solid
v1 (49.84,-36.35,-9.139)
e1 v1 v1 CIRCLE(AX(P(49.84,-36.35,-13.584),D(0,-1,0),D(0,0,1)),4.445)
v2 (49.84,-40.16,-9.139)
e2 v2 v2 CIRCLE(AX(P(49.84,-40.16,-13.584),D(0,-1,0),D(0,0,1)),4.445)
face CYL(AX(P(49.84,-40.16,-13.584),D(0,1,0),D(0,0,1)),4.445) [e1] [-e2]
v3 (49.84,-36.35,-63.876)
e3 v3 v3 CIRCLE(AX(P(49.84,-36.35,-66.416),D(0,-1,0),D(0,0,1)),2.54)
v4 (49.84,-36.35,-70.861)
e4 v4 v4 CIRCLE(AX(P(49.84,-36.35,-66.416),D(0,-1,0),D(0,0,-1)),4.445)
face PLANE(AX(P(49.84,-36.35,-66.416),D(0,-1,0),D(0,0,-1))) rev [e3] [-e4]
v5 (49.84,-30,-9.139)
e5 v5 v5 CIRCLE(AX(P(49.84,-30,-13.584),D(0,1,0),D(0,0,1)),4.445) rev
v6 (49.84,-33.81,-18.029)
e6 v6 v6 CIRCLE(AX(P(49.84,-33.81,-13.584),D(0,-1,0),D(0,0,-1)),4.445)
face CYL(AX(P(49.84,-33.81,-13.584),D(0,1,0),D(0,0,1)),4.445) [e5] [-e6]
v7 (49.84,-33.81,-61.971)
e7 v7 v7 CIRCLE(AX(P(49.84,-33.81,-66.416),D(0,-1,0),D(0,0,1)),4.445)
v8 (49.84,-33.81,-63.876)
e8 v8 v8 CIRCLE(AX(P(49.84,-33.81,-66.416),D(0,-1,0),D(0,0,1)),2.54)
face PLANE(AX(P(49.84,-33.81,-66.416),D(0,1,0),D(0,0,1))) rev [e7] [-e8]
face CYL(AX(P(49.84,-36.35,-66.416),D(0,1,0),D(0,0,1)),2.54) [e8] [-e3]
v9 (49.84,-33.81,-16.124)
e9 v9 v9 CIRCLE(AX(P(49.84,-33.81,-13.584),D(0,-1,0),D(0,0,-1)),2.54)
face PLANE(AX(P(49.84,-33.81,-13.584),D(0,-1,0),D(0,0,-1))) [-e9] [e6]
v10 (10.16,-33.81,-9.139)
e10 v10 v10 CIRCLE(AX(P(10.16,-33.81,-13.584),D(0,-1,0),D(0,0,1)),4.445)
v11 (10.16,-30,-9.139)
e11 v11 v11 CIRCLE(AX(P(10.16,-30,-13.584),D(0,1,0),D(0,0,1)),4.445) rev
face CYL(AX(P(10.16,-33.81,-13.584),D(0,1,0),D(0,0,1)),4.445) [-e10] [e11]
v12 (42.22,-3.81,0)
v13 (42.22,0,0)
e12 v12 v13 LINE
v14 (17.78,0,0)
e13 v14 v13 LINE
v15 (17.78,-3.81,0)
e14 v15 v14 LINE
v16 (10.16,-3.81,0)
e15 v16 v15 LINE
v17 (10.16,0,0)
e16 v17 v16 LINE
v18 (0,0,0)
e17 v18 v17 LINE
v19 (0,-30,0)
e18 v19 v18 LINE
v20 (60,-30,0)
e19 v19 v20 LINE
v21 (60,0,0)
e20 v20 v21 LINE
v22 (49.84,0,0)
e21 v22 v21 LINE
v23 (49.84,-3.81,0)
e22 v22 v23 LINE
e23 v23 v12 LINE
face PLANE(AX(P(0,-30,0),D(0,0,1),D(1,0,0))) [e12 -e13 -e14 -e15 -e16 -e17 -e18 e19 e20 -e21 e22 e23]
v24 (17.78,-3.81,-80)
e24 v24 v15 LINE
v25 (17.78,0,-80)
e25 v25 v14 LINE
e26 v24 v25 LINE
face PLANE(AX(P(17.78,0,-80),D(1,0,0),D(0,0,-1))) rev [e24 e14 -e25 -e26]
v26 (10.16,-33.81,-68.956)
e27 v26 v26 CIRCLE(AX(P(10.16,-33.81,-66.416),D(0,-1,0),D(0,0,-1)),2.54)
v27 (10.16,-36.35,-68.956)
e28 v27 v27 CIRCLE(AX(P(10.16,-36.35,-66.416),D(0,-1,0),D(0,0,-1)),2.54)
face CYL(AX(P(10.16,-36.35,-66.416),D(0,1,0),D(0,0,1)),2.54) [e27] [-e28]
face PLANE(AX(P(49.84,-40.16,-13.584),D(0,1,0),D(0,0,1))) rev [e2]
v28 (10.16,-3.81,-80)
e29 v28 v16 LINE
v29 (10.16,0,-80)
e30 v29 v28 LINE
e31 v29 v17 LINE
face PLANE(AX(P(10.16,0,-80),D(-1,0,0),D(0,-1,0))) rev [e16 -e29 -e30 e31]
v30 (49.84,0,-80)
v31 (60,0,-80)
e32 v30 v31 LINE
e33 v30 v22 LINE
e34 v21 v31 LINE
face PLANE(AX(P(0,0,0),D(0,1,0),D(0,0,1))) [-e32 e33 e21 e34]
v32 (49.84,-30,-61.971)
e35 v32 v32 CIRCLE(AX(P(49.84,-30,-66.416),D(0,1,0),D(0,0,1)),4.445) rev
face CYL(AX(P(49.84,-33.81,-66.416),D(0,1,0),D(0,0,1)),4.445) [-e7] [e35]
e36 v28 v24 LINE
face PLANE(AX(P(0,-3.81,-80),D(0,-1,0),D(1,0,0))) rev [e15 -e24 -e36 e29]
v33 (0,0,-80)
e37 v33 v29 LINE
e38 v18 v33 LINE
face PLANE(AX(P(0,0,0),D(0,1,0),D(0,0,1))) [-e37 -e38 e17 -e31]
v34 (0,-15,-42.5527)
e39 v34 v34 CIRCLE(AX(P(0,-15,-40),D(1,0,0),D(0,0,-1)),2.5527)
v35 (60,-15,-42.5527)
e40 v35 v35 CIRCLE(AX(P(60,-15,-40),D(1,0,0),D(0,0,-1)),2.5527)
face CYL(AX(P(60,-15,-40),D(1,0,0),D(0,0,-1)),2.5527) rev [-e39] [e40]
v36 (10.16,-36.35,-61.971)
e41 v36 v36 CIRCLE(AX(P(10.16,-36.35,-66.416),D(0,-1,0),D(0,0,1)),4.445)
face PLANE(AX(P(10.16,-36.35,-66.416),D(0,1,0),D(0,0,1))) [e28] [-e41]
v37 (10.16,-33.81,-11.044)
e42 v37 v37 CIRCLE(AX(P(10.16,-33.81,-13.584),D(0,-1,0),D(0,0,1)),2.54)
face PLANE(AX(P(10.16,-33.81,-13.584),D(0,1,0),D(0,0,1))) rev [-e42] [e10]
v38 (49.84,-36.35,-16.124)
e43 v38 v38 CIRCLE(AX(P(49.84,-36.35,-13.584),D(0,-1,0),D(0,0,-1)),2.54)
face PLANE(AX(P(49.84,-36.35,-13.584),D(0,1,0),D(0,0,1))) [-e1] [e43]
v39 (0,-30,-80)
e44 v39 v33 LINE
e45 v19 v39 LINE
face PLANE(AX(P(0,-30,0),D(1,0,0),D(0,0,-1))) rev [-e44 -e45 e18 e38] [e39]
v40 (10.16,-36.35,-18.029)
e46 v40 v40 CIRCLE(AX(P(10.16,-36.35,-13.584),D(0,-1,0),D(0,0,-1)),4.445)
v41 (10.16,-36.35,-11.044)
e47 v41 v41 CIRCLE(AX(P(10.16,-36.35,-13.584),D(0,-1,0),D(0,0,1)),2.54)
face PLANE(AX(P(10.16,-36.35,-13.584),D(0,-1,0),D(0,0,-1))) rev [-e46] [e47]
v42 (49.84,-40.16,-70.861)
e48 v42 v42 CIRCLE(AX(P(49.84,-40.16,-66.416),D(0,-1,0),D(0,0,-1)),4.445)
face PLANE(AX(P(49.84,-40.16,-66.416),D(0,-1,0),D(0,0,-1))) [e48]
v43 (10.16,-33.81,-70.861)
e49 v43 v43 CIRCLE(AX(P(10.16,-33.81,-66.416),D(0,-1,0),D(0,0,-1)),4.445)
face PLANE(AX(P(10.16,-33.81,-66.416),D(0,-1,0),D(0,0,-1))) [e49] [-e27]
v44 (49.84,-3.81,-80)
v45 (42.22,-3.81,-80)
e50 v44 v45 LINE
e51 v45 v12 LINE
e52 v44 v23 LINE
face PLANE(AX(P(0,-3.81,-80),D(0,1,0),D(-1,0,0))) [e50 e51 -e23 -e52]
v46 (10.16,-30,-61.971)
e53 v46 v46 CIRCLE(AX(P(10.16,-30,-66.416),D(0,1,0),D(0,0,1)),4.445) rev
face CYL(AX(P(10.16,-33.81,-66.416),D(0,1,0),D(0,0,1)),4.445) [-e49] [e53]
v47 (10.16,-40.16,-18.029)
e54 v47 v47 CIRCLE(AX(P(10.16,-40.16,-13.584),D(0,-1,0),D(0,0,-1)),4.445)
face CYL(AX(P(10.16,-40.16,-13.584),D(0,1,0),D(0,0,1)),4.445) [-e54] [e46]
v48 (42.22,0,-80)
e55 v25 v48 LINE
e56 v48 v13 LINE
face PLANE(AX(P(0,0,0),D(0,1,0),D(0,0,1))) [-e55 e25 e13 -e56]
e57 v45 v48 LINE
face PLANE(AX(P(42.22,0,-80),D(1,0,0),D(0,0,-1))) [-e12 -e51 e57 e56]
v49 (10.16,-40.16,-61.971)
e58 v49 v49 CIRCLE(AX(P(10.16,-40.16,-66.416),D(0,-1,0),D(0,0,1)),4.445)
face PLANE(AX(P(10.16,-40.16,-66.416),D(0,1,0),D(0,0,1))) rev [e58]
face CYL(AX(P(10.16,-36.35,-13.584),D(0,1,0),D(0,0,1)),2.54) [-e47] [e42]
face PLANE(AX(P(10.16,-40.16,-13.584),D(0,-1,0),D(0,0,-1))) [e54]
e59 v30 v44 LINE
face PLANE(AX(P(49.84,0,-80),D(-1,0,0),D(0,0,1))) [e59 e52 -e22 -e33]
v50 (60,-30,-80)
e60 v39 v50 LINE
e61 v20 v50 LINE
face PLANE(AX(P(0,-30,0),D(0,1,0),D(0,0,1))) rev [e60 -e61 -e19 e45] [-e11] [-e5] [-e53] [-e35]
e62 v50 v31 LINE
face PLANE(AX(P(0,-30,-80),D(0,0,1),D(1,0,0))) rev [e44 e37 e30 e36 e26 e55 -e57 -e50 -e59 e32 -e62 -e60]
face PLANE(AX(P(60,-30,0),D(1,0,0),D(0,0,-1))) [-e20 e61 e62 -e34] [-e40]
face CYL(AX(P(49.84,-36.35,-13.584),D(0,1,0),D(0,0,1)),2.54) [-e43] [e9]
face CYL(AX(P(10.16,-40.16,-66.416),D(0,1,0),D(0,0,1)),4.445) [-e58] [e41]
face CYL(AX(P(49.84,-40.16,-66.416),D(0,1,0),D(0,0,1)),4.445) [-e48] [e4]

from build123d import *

# Parameters (mm, degrees)
SKETCH1_W               = 59.999999888
SKETCH1_H               = 80
BOSS_EXTRUDE1_DEPTH     = 30
CUT_EXTRUDE1_DEPTH      = 81
SKETCH3_R               = 4.445
BOSS_EXTRUDE2_DEPTH     = 3.81
SKETCH4_R               = 2.54
BOSS_EXTRUDE3_DEPTH     = 2.54
SKETCH5_R               = 4.445
BOSS_EXTRUDE4_DEPTH     = 3.81
F_1_4_20_TAPPED_HOLE1_D = 5.1054


with BuildPart() as part:
    # Sketch1 → Boss-Extrude1 (new body)
    with BuildSketch(Plane(origin=(0, 0, 0), x_dir=(1, 0, 0), z_dir=(0, 1, 0))):
        with Locations((29.999999944, 40)):
            Rectangle(SKETCH1_W, SKETCH1_H)
    extrude(amount=-BOSS_EXTRUDE1_DEPTH)

    # Sketch2 → Cut-Extrude1 (cut, through all)
    with BuildSketch(Plane.XY):
        with BuildLine():
            ThreePointArc((13.97, -3.81), (11.275923164, -2.694076836), (10.16, 0))
            Line((10.16, 0), (10.16, -3.81))
            Line((10.16, -3.81), (13.97, -3.81))
        make_face()
        with BuildLine():
            Line((17.78, 0), (10.16, 0))
            ThreePointArc((10.16, 0), (11.275923164, -2.694076836), (13.97, -3.81))
            ThreePointArc((13.97, -3.81), (16.664076836, -2.694076836), (17.78, 0))
        make_face()
        with BuildLine():
            ThreePointArc((17.78, 0), (16.664076836, -2.694076836), (13.97, -3.81))
            Line((13.97, -3.81), (17.78, -3.81))
            Line((17.78, -3.81), (17.78, 0))
        make_face()
        with BuildLine():
            Line((49.839999888, 0), (42.219999888, 0))
            ThreePointArc((42.219999888, 0), (43.335923052, -2.694076836), (46.029999888, -3.81))
            ThreePointArc((46.029999888, -3.81), (48.724076724, -2.694076836), (49.839999888, 0))
        make_face()
        with BuildLine():
            ThreePointArc((46.029999888, -3.81), (43.335923052, -2.694076836), (42.219999888, 0))
            Line((42.219999888, 0), (42.219999888, -3.81))
            Line((42.219999888, -3.81), (46.029999888, -3.81))
        make_face()
        with BuildLine():
            ThreePointArc((49.839999888, 0), (48.724076724, -2.694076836), (46.029999888, -3.81))
            Line((46.029999888, -3.81), (49.839999888, -3.81))
            Line((49.839999888, -3.81), (49.839999888, 0))
        make_face()
    extrude(amount=-CUT_EXTRUDE1_DEPTH, mode=Mode.SUBTRACT)

    # Sketch3 → Boss-Extrude2 (add)
    with BuildSketch(Plane.XZ.offset(30)):
        with Locations((49.839999888, -13.584)):
            Circle(SKETCH3_R)
        with Locations((10.16, -13.584)):
            Circle(SKETCH3_R)
        with Locations((49.839999888, -66.416)):
            Circle(SKETCH3_R)
        with Locations((10.16, -66.416)):
            Circle(SKETCH3_R)
    extrude(amount=BOSS_EXTRUDE2_DEPTH)

    # Sketch4 → Boss-Extrude3 (add)
    with BuildSketch(Plane.XZ.offset(33.81)):
        with Locations((49.839999888, -13.584)):
            Circle(SKETCH4_R)
        with Locations((10.16, -13.584)):
            Circle(SKETCH4_R)
        with Locations((10.16, -66.416)):
            Circle(SKETCH4_R)
        with Locations((49.839999888, -66.416)):
            Circle(SKETCH4_R)
    extrude(amount=BOSS_EXTRUDE3_DEPTH)

    # Sketch5 → Boss-Extrude4 (add)
    with BuildSketch(Plane.XZ.offset(36.35)):
        with Locations((10.16, -13.584)):
            Circle(SKETCH5_R)
        with Locations((10.16, -66.416)):
            Circle(SKETCH5_R)
        with Locations((49.839999888, -66.416)):
            Circle(SKETCH5_R)
        with Locations((49.839999888, -13.584)):
            Circle(SKETCH5_R)
    extrude(amount=BOSS_EXTRUDE4_DEPTH)

    # 1/4-20 Tapped Hole1 (through all)
    with Locations(Plane(origin=(59.999999888, 0, 0), x_dir=(0, 0, -1), z_dir=(1, 0, 0))):
        with Locations((40, -15)):
            Hole(F_1_4_20_TAPPED_HOLE1_D / 2)


solid = part.part
